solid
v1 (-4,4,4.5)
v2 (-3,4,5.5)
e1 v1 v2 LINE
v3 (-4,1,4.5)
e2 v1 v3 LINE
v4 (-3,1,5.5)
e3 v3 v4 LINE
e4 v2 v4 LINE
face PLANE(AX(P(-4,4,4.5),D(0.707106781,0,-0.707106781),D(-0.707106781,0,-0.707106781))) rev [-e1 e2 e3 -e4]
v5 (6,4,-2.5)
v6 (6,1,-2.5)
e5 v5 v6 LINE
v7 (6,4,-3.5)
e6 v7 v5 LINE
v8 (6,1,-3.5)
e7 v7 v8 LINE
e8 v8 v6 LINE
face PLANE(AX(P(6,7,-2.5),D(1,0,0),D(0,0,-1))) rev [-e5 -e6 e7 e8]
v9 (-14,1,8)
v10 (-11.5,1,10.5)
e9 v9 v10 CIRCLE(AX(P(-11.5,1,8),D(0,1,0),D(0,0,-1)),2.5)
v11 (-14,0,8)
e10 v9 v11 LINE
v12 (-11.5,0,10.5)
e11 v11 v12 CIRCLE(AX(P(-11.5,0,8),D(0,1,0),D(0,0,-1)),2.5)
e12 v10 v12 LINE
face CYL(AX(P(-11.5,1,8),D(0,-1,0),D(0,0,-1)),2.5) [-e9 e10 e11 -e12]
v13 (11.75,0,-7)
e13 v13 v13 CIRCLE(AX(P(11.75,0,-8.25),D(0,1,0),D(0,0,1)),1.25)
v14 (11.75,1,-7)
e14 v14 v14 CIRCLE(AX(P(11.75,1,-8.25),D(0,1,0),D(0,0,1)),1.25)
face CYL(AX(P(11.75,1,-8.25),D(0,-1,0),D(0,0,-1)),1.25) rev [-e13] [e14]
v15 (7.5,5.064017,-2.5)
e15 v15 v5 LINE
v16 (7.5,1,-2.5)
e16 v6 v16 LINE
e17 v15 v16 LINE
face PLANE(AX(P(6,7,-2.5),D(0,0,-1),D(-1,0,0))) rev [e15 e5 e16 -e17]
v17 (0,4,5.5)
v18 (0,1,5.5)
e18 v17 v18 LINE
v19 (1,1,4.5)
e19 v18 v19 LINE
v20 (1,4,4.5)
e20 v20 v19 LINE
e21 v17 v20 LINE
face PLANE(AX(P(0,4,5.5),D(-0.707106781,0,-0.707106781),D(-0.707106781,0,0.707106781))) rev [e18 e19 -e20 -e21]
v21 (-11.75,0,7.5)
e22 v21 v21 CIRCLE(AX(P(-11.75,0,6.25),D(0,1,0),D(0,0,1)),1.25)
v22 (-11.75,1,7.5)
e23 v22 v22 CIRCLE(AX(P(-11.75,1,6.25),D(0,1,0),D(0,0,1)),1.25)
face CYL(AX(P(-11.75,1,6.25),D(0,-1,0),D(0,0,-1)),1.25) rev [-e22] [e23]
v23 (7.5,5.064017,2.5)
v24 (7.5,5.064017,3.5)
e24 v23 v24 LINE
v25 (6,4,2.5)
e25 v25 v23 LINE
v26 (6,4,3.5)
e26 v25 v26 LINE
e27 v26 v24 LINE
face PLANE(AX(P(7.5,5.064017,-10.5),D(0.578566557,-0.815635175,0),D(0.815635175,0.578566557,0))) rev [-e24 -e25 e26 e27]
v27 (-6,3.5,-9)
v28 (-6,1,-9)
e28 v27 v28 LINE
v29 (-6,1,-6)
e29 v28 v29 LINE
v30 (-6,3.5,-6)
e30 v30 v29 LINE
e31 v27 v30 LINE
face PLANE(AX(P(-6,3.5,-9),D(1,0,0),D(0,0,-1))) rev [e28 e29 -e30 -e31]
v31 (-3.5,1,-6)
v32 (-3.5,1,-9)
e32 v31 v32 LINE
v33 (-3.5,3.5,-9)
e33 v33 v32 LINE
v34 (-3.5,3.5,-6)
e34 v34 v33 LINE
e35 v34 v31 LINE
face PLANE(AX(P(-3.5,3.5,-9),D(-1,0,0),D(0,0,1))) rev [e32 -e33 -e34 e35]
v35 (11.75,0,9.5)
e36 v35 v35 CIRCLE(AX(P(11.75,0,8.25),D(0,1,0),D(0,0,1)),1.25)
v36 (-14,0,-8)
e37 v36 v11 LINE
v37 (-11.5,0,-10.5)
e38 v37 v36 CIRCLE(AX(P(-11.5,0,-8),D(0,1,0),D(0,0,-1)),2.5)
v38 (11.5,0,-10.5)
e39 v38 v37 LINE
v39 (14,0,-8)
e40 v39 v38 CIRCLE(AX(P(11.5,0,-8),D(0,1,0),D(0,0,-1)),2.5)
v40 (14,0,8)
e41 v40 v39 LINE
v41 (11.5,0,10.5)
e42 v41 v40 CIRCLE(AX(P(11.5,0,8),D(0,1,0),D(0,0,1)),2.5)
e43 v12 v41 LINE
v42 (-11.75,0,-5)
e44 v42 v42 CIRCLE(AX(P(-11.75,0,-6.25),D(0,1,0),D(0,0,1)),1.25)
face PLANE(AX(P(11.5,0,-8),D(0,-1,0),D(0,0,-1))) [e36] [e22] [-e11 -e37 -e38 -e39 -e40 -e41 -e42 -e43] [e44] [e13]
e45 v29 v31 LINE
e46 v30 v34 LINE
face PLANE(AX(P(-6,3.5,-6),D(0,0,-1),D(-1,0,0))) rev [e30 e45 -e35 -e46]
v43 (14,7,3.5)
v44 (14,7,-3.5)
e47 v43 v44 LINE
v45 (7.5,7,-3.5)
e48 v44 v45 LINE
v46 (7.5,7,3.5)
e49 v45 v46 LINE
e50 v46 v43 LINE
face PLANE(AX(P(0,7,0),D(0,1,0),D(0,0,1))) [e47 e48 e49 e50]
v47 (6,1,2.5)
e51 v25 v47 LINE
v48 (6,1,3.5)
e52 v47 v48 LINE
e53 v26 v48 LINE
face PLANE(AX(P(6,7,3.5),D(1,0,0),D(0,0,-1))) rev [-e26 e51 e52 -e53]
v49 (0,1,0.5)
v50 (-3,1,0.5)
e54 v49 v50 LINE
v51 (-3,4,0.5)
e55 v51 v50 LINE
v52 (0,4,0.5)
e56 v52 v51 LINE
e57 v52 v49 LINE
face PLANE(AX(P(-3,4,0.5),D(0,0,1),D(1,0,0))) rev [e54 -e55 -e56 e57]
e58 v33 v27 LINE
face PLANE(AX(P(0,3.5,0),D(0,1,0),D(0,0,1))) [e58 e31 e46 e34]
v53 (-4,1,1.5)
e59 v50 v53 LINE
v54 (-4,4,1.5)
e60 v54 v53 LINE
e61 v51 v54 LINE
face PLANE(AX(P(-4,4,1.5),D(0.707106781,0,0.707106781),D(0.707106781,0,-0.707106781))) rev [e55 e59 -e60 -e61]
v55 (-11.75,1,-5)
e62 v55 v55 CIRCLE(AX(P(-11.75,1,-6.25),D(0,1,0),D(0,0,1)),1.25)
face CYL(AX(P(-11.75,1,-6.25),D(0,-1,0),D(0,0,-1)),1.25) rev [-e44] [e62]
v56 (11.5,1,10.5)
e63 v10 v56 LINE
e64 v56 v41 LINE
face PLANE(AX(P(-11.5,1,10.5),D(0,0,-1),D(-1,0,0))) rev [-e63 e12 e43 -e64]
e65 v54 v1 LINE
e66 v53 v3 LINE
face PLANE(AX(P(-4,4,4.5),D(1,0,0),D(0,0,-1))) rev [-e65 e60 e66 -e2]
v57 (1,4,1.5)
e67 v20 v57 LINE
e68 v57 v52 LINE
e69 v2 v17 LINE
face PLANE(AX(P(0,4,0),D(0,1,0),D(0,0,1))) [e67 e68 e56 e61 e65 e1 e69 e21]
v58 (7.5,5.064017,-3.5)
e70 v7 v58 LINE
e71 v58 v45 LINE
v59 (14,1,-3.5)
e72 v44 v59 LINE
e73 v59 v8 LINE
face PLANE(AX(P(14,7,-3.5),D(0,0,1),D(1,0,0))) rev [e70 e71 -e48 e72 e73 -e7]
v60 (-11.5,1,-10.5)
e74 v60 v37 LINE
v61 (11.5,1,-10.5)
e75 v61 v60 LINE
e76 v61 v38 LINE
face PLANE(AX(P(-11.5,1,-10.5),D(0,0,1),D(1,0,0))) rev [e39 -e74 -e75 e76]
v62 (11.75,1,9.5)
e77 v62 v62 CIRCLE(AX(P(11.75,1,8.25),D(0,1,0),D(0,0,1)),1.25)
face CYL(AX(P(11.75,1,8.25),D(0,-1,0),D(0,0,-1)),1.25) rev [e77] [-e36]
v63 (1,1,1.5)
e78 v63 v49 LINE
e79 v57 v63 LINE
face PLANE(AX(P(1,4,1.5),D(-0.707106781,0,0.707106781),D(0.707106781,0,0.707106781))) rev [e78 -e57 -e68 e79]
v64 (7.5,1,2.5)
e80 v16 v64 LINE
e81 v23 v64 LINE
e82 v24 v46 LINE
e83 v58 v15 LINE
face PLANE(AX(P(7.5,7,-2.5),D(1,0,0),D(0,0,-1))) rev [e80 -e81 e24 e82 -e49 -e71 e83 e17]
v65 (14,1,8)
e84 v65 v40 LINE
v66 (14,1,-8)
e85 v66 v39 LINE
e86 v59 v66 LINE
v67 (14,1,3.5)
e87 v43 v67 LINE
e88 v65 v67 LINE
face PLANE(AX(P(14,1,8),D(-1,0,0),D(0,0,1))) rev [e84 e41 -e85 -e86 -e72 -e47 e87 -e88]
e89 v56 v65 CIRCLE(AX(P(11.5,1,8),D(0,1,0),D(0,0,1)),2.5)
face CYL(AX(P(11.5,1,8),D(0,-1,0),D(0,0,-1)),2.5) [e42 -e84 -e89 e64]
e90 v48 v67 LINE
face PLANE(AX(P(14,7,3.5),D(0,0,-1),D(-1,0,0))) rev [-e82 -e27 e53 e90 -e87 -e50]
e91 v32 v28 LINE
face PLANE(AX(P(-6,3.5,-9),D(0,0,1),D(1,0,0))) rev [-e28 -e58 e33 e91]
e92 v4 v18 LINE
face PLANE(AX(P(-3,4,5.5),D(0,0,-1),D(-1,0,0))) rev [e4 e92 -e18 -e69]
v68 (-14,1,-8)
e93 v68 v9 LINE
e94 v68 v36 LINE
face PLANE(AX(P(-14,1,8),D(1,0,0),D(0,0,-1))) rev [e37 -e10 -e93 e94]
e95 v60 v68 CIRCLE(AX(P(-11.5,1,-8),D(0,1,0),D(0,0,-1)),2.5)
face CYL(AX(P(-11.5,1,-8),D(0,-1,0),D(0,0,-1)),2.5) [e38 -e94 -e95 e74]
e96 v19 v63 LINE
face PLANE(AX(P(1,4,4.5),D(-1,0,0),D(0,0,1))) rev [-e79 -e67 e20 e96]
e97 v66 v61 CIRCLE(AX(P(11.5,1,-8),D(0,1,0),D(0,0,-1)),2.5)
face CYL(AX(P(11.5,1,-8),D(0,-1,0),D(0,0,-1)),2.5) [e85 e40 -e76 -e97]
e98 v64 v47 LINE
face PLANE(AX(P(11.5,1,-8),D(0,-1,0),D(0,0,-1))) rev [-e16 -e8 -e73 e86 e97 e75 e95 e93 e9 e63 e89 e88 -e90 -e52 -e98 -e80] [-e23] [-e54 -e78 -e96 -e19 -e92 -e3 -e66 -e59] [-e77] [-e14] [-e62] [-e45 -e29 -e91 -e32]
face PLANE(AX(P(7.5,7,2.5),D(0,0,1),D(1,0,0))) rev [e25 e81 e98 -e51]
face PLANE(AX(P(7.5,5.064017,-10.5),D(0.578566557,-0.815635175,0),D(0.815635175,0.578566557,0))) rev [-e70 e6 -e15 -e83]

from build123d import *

# Parameters (mm, degrees)
CROQUIS1_R              = 1.25
SALIENTE_EXTRUIR1_DEPTH = 1
SALIENTE_EXTRUIR2_DEPTH = 6
CORTAR_EXTRUIR1_DEPTH   = 22
SALIENTE_EXTRUIR3_DEPTH = 3
CROQUIS5_W              = 2.5
CROQUIS5_H              = 3
SALIENTE_EXTRUIR4_DEPTH = 2.5


with BuildPart() as part:
    # Croquis1 → Saliente-Extruir1 (new body)
    with BuildSketch(Plane(origin=(0, 0, 0), x_dir=(1, 0, 0), z_dir=(0, 1, 0))):
        with BuildLine():
            Line((-11.5, -10.5), (11.5, -10.5))
            ThreePointArc((11.5, -10.5), (13.267766953, -9.767766953), (14, -8))
            Line((14, -8), (14, 8))
            ThreePointArc((14, 8), (13.267766953, 9.767766953), (11.5, 10.5))
            Line((11.5, 10.5), (-11.5, 10.5))
            ThreePointArc((-11.5, 10.5), (-13.267766953, 9.767766953), (-14, 8))
            Line((-14, 8), (-14, -8))
            ThreePointArc((-14, -8), (-13.267766953, -9.767766953), (-11.5, -10.5))
        make_face()
        with Locations(Location((11.75, -8.25, 0), (0, 0, 270))):
            Circle(CROQUIS1_R, mode=Mode.SUBTRACT)
        with Locations(Location((11.75, 8.25, 0), (0, 0, 270))):
            Circle(CROQUIS1_R, mode=Mode.SUBTRACT)
        with Locations(Location((-11.75, 6.25, 0), (0, 0, 270))):
            Circle(CROQUIS1_R, mode=Mode.SUBTRACT)
        with Locations(Location((-11.75, -6.25, 0), (0, 0, 270))):
            Circle(CROQUIS1_R, mode=Mode.SUBTRACT)
    extrude(amount=SALIENTE_EXTRUIR1_DEPTH)

    # Croquis2 → Saliente-Extruir2 (add)
    with BuildSketch(Plane(origin=(0, 1, 0), x_dir=(1, 0, 0), z_dir=(0, 1, 0))):
        Polygon((14, -3.5), (6, -3.5), (6, -2.5), (7.5, -2.5), (7.5, 2.5), (6, 2.5), (6, 3.5), (14, 3.5), align=None)
    extrude(amount=SALIENTE_EXTRUIR2_DEPTH)

    # Croquis3 → Cortar-Extruir1 (cut, through all)
    with BuildSketch(Plane.XY.offset(3.5)):
        Polygon((7.5, 7), (7.5, 5.064017175), (6, 4), (6, 7), align=None)
    extrude(amount=-CORTAR_EXTRUIR1_DEPTH, mode=Mode.SUBTRACT)

    # Croquis4 → Saliente-Extruir3 (add)
    with BuildSketch(Plane(origin=(0, 1, 0), x_dir=(1, 0, 0), z_dir=(0, 1, 0))):
        Polygon((-3, -5.5), (0, -5.5), (1, -4.5), (1, -1.5), (0, -0.5), (-3, -0.5), (-4, -1.5), (-4, -4.5), align=None)
    extrude(amount=SALIENTE_EXTRUIR3_DEPTH)

    # Croquis5 → Saliente-Extruir4 (add)
    with BuildSketch(Plane(origin=(0, 1, 0), x_dir=(1, 0, 0), z_dir=(0, 1, 0))):
        with Locations((-4.75, 7.5)):
            Rectangle(CROQUIS5_W, CROQUIS5_H)
    extrude(amount=SALIENTE_EXTRUIR4_DEPTH)


solid = part.part
